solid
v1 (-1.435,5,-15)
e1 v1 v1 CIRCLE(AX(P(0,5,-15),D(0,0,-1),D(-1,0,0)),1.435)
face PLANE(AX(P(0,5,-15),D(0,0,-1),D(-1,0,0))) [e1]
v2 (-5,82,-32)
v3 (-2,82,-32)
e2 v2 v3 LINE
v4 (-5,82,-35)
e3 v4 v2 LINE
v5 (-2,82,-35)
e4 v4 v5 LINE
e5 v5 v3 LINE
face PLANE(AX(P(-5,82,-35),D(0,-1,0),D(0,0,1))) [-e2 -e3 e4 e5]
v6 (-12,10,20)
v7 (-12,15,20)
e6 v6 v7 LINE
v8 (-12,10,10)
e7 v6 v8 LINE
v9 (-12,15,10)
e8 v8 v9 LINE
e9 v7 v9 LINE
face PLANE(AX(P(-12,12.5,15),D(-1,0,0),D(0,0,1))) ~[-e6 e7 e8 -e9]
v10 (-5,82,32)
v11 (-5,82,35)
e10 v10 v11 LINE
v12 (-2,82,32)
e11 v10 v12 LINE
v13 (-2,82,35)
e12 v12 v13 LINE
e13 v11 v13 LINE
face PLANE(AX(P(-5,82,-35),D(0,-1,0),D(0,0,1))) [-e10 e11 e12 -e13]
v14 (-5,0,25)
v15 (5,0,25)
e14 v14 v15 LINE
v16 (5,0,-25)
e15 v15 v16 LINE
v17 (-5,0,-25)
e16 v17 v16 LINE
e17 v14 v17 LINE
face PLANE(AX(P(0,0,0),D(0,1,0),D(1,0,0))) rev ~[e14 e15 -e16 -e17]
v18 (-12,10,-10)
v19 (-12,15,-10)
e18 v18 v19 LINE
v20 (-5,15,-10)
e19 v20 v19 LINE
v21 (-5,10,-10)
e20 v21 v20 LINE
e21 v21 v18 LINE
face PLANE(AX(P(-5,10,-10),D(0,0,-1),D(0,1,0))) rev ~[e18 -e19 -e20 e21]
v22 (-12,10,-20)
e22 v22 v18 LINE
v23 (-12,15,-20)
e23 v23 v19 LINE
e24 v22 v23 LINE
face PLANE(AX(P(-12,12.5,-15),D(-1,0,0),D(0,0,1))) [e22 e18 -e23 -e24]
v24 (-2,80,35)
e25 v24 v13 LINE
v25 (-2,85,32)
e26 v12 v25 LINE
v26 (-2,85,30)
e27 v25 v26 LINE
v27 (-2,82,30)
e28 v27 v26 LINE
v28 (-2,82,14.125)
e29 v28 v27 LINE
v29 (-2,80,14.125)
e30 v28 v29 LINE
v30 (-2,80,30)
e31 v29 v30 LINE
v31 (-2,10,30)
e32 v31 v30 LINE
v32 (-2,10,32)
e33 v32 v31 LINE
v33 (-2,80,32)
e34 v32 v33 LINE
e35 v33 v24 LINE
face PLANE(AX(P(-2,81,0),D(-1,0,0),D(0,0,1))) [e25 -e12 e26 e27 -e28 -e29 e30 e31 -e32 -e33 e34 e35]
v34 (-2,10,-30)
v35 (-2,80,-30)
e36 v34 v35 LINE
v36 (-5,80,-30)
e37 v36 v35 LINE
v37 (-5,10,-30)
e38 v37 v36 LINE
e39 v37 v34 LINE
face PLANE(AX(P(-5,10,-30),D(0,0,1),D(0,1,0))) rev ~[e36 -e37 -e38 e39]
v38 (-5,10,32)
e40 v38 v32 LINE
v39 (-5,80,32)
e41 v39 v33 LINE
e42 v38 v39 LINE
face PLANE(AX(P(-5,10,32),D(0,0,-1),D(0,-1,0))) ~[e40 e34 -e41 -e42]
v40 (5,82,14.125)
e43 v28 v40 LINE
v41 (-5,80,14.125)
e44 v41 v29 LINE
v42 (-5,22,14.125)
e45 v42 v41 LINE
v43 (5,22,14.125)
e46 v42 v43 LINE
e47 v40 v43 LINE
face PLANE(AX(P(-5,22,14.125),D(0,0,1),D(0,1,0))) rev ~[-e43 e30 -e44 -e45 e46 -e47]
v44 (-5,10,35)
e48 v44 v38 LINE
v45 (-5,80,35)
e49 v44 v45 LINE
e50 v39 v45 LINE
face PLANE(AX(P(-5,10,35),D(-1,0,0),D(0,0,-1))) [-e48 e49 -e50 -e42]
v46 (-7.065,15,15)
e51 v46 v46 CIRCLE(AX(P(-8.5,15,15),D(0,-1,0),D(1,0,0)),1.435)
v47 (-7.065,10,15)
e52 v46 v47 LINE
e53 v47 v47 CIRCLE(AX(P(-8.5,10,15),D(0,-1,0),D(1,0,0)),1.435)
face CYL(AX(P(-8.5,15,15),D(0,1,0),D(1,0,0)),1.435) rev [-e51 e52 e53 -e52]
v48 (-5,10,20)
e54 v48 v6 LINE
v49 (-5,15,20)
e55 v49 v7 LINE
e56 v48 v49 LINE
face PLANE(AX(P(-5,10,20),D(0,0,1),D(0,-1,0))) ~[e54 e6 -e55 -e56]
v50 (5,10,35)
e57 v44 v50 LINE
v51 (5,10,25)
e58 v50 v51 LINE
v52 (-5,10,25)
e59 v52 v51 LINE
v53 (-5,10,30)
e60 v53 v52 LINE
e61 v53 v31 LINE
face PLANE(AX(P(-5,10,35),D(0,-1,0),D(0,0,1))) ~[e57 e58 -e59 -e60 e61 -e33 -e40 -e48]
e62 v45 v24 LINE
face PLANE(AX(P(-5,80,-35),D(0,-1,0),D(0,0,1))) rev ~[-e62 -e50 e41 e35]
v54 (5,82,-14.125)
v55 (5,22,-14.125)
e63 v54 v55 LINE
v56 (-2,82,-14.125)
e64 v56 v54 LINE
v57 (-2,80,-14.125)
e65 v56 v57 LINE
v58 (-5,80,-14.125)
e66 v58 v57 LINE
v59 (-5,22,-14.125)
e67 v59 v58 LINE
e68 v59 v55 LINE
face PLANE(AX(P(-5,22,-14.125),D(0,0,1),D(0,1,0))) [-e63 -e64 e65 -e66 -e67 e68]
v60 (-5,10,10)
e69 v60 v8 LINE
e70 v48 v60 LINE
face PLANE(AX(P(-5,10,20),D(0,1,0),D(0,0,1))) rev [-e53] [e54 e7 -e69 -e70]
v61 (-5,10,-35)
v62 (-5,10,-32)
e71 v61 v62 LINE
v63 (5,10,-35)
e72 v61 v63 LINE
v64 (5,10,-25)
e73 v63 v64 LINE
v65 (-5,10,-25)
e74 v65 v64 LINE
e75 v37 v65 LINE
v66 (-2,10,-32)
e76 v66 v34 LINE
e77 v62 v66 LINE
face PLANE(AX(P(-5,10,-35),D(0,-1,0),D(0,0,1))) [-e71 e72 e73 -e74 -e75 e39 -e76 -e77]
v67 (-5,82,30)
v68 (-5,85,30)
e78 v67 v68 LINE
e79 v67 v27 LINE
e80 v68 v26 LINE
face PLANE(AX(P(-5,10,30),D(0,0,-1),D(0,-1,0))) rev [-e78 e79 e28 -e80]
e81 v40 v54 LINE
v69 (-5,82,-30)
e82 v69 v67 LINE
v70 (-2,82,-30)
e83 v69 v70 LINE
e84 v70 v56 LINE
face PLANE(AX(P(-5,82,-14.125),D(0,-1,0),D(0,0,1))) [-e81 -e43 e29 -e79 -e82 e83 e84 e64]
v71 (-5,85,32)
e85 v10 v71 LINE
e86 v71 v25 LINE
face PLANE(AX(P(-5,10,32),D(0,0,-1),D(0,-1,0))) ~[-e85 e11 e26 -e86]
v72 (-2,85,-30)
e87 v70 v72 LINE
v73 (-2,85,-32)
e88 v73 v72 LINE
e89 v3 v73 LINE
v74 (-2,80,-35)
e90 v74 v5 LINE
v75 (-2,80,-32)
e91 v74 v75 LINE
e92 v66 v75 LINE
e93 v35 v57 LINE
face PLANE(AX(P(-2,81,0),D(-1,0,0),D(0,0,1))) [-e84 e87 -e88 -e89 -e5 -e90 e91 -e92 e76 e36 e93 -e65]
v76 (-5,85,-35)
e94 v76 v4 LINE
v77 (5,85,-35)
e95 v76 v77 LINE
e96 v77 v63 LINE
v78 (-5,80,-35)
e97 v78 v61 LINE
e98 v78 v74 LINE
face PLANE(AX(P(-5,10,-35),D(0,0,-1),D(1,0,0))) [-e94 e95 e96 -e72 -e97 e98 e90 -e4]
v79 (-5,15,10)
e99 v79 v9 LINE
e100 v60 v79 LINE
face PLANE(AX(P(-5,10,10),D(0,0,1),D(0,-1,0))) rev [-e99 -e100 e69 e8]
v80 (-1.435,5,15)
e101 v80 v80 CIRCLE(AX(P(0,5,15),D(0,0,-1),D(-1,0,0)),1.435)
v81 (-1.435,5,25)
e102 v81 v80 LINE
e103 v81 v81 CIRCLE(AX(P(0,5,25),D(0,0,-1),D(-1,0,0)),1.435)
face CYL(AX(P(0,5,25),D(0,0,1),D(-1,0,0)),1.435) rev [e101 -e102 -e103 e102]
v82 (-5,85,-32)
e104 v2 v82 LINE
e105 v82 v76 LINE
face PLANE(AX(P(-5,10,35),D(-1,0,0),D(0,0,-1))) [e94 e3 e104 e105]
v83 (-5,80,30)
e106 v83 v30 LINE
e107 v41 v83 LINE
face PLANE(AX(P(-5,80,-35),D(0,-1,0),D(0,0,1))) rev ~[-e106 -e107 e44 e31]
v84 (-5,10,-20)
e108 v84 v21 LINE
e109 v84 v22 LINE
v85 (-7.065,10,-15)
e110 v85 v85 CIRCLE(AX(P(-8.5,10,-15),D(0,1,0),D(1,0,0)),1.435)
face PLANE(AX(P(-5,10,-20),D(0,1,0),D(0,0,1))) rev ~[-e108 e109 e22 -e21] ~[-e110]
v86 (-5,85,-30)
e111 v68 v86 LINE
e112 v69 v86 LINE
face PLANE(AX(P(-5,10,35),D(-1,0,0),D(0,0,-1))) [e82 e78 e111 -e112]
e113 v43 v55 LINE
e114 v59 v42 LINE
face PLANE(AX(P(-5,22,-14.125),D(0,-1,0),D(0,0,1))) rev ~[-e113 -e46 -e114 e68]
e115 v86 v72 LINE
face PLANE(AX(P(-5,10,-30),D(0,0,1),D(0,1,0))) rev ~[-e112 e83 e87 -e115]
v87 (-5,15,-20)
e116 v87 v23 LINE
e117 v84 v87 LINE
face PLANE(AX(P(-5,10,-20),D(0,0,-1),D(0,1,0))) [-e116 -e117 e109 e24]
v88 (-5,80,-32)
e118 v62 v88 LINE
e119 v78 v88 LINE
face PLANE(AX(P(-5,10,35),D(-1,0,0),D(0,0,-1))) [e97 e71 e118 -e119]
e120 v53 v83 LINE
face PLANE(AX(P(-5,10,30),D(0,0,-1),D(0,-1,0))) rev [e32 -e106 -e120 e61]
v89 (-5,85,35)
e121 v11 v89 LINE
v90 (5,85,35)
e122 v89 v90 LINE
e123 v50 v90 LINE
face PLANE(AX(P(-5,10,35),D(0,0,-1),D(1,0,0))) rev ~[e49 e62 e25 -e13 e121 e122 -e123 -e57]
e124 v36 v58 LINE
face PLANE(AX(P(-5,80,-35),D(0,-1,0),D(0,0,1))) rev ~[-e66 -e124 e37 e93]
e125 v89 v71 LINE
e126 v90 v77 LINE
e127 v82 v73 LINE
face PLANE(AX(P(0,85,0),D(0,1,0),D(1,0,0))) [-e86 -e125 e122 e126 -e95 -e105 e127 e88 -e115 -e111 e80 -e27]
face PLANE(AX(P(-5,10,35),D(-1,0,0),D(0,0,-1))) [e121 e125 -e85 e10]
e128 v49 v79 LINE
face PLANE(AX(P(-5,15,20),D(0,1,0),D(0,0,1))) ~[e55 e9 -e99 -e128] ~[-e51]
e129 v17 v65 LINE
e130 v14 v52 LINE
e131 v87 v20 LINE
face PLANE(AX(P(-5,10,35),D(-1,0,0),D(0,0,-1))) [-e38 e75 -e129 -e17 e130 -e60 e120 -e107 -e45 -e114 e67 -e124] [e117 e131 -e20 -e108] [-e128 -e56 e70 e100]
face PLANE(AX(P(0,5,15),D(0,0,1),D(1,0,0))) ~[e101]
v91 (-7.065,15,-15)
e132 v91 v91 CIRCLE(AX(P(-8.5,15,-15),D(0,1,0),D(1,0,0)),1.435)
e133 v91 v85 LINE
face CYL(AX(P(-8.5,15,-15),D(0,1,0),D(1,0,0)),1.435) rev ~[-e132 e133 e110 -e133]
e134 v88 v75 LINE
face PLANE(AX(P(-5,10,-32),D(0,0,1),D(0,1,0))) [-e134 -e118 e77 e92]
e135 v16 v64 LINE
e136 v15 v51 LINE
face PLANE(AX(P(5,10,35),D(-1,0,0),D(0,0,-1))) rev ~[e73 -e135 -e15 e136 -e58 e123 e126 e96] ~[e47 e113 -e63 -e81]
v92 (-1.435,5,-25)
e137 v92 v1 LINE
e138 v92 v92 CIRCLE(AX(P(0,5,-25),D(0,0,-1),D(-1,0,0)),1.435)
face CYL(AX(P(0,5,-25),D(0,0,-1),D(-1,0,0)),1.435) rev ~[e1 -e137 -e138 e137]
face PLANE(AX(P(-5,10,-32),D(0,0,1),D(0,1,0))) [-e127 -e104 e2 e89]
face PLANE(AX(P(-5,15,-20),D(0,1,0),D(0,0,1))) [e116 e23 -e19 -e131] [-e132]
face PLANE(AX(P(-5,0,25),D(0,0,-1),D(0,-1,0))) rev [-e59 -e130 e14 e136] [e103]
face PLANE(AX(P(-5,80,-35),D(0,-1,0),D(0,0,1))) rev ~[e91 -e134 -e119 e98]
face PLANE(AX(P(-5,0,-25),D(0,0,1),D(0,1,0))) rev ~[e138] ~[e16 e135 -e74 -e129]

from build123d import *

# Parameters (mm, degrees)
CROQUIS1_W              = 10
CROQUIS1_H              = 70
SALIENTE_EXTRUIR1_DEPTH = 10
CROQUIS8_W              = 10
CROQUIS8_H              = 70
SALIENTE_EXTRUIR3_DEPTH = 75
CROQUIS9_W              = 2
CROQUIS9_H              = 75
CORTAR_EXTRUIR4_DEPTH   = 3
CROQUIS10_W             = 70
CROQUIS10_H             = 2
CORTAR_EXTRUIR5_DEPTH   = 3
CORTAR_EXTRUIR6_REACH   = 12
CROQUIS11_W             = 28.25
CROQUIS11_H             = 60
CROQUIS16_W             = 10
CROQUIS16_H             = 5
SALIENTE_EXTRUIR5_DEPTH = 7
CROQUIS17_R             = 1.435
CORTAR_EXTRUIR9_DEPTH   = 5
CROQUIS18_W             = 10
CROQUIS18_H             = 10
CORTAR_EXTRUIR10_DEPTH  = 10
CROQUIS19_R             = 1.435
CORTAR_EXTRUIR11_DEPTH  = 10


with BuildPart() as part:
    # Croquis1 → Saliente-Extruir1 (new body)
    with BuildSketch(Plane(origin=(0, 0, 0), x_dir=(1, 0, 0), z_dir=(0, 1, 0))):
        Rectangle(CROQUIS1_W, CROQUIS1_H)
    extrude(amount=SALIENTE_EXTRUIR1_DEPTH)

    # Croquis8 → Saliente-Extruir3 (add)
    with BuildSketch(Plane(origin=(0, 10, 0), x_dir=(1, 0, 0), z_dir=(0, 1, 0))):
        Rectangle(CROQUIS8_W, CROQUIS8_H)
    extrude(amount=SALIENTE_EXTRUIR3_DEPTH)

    # Croquis9 → Cortar-Extruir4 (cut)
    with BuildSketch(Plane.ZY.offset(5)):
        with Locations((-31, 47.5)):
            Rectangle(CROQUIS9_W, CROQUIS9_H)
    cortar_extruir4 = extrude(amount=-CORTAR_EXTRUIR4_DEPTH, mode=Mode.SUBTRACT)

    # Simetría2: Cortar-Extruir4 across plane
    add(cortar_extruir4.mirror(Plane.XY), mode=Mode.SUBTRACT)

    # Croquis10 → Cortar-Extruir5 (cut)
    with BuildSketch(Plane.ZY.offset(5)):
        with Locations((0, 81)):
            Rectangle(CROQUIS10_W, CROQUIS10_H)
    extrude(amount=-CORTAR_EXTRUIR5_DEPTH, mode=Mode.SUBTRACT)

    # Croquis11 → Cortar-Extruir6 (cut, up to next)
    with BuildSketch(Plane.ZY.offset(5), mode=Mode.PRIVATE) as cortar_extruir6_sk1:
        with Locations((0, 52)):
            Rectangle(CROQUIS11_W, CROQUIS11_H)
    cortar_extruir6_tool1 = extrude(cortar_extruir6_sk1.sketch, amount=-CORTAR_EXTRUIR6_REACH, mode=Mode.PRIVATE) & part.part
    add(cortar_extruir6_tool1.solids().sort_by_distance((-5, 52, 0))[0], mode=Mode.SUBTRACT)

    # Croquis16 → Saliente-Extruir5 (add)
    with BuildSketch(Plane.ZY.offset(5)):
        with Locations((-15, 12.5)):
            Rectangle(CROQUIS16_W, CROQUIS16_H)
    saliente_extruir5 = extrude(amount=SALIENTE_EXTRUIR5_DEPTH)

    # Simetría5: Saliente-Extruir5 across plane
    add(saliente_extruir5.mirror(Plane.XY))

    # Croquis17 → Cortar-Extruir9 (cut)
    with BuildSketch(Plane(origin=(0, 15, 0), x_dir=(1, 0, 0), z_dir=(0, 1, 0))):
        with Locations((-8.5, 15)):
            Circle(CROQUIS17_R)
    cortar_extruir9 = extrude(amount=-CORTAR_EXTRUIR9_DEPTH, mode=Mode.SUBTRACT)

    # Simetría6: Cortar-Extruir9 across plane
    add(cortar_extruir9.mirror(Plane.XY), mode=Mode.SUBTRACT)

    # Croquis18 → Cortar-Extruir10 (cut)
    with BuildSketch(Plane.ZY.offset(5)):
        with Locations((-30, 5)):
            Rectangle(CROQUIS18_W, CROQUIS18_H)
    cortar_extruir10 = extrude(amount=-CORTAR_EXTRUIR10_DEPTH, mode=Mode.SUBTRACT)

    # Simetría7: Cortar-Extruir10 across plane
    add(cortar_extruir10.mirror(Plane.XY), mode=Mode.SUBTRACT)

    # Croquis19 → Cortar-Extruir11 (cut)
    with BuildSketch(Plane(origin=(0, 0, -25), x_dir=(-1, 0, 0), z_dir=(0, 0, -1))):
        with Locations((0, 5)):
            Circle(CROQUIS19_R)
    cortar_extruir11 = extrude(amount=-CORTAR_EXTRUIR11_DEPTH, mode=Mode.SUBTRACT)

    # Simetría8: Cortar-Extruir11 across plane
    add(cortar_extruir11.mirror(Plane.XY), mode=Mode.SUBTRACT)


solid = part.part
